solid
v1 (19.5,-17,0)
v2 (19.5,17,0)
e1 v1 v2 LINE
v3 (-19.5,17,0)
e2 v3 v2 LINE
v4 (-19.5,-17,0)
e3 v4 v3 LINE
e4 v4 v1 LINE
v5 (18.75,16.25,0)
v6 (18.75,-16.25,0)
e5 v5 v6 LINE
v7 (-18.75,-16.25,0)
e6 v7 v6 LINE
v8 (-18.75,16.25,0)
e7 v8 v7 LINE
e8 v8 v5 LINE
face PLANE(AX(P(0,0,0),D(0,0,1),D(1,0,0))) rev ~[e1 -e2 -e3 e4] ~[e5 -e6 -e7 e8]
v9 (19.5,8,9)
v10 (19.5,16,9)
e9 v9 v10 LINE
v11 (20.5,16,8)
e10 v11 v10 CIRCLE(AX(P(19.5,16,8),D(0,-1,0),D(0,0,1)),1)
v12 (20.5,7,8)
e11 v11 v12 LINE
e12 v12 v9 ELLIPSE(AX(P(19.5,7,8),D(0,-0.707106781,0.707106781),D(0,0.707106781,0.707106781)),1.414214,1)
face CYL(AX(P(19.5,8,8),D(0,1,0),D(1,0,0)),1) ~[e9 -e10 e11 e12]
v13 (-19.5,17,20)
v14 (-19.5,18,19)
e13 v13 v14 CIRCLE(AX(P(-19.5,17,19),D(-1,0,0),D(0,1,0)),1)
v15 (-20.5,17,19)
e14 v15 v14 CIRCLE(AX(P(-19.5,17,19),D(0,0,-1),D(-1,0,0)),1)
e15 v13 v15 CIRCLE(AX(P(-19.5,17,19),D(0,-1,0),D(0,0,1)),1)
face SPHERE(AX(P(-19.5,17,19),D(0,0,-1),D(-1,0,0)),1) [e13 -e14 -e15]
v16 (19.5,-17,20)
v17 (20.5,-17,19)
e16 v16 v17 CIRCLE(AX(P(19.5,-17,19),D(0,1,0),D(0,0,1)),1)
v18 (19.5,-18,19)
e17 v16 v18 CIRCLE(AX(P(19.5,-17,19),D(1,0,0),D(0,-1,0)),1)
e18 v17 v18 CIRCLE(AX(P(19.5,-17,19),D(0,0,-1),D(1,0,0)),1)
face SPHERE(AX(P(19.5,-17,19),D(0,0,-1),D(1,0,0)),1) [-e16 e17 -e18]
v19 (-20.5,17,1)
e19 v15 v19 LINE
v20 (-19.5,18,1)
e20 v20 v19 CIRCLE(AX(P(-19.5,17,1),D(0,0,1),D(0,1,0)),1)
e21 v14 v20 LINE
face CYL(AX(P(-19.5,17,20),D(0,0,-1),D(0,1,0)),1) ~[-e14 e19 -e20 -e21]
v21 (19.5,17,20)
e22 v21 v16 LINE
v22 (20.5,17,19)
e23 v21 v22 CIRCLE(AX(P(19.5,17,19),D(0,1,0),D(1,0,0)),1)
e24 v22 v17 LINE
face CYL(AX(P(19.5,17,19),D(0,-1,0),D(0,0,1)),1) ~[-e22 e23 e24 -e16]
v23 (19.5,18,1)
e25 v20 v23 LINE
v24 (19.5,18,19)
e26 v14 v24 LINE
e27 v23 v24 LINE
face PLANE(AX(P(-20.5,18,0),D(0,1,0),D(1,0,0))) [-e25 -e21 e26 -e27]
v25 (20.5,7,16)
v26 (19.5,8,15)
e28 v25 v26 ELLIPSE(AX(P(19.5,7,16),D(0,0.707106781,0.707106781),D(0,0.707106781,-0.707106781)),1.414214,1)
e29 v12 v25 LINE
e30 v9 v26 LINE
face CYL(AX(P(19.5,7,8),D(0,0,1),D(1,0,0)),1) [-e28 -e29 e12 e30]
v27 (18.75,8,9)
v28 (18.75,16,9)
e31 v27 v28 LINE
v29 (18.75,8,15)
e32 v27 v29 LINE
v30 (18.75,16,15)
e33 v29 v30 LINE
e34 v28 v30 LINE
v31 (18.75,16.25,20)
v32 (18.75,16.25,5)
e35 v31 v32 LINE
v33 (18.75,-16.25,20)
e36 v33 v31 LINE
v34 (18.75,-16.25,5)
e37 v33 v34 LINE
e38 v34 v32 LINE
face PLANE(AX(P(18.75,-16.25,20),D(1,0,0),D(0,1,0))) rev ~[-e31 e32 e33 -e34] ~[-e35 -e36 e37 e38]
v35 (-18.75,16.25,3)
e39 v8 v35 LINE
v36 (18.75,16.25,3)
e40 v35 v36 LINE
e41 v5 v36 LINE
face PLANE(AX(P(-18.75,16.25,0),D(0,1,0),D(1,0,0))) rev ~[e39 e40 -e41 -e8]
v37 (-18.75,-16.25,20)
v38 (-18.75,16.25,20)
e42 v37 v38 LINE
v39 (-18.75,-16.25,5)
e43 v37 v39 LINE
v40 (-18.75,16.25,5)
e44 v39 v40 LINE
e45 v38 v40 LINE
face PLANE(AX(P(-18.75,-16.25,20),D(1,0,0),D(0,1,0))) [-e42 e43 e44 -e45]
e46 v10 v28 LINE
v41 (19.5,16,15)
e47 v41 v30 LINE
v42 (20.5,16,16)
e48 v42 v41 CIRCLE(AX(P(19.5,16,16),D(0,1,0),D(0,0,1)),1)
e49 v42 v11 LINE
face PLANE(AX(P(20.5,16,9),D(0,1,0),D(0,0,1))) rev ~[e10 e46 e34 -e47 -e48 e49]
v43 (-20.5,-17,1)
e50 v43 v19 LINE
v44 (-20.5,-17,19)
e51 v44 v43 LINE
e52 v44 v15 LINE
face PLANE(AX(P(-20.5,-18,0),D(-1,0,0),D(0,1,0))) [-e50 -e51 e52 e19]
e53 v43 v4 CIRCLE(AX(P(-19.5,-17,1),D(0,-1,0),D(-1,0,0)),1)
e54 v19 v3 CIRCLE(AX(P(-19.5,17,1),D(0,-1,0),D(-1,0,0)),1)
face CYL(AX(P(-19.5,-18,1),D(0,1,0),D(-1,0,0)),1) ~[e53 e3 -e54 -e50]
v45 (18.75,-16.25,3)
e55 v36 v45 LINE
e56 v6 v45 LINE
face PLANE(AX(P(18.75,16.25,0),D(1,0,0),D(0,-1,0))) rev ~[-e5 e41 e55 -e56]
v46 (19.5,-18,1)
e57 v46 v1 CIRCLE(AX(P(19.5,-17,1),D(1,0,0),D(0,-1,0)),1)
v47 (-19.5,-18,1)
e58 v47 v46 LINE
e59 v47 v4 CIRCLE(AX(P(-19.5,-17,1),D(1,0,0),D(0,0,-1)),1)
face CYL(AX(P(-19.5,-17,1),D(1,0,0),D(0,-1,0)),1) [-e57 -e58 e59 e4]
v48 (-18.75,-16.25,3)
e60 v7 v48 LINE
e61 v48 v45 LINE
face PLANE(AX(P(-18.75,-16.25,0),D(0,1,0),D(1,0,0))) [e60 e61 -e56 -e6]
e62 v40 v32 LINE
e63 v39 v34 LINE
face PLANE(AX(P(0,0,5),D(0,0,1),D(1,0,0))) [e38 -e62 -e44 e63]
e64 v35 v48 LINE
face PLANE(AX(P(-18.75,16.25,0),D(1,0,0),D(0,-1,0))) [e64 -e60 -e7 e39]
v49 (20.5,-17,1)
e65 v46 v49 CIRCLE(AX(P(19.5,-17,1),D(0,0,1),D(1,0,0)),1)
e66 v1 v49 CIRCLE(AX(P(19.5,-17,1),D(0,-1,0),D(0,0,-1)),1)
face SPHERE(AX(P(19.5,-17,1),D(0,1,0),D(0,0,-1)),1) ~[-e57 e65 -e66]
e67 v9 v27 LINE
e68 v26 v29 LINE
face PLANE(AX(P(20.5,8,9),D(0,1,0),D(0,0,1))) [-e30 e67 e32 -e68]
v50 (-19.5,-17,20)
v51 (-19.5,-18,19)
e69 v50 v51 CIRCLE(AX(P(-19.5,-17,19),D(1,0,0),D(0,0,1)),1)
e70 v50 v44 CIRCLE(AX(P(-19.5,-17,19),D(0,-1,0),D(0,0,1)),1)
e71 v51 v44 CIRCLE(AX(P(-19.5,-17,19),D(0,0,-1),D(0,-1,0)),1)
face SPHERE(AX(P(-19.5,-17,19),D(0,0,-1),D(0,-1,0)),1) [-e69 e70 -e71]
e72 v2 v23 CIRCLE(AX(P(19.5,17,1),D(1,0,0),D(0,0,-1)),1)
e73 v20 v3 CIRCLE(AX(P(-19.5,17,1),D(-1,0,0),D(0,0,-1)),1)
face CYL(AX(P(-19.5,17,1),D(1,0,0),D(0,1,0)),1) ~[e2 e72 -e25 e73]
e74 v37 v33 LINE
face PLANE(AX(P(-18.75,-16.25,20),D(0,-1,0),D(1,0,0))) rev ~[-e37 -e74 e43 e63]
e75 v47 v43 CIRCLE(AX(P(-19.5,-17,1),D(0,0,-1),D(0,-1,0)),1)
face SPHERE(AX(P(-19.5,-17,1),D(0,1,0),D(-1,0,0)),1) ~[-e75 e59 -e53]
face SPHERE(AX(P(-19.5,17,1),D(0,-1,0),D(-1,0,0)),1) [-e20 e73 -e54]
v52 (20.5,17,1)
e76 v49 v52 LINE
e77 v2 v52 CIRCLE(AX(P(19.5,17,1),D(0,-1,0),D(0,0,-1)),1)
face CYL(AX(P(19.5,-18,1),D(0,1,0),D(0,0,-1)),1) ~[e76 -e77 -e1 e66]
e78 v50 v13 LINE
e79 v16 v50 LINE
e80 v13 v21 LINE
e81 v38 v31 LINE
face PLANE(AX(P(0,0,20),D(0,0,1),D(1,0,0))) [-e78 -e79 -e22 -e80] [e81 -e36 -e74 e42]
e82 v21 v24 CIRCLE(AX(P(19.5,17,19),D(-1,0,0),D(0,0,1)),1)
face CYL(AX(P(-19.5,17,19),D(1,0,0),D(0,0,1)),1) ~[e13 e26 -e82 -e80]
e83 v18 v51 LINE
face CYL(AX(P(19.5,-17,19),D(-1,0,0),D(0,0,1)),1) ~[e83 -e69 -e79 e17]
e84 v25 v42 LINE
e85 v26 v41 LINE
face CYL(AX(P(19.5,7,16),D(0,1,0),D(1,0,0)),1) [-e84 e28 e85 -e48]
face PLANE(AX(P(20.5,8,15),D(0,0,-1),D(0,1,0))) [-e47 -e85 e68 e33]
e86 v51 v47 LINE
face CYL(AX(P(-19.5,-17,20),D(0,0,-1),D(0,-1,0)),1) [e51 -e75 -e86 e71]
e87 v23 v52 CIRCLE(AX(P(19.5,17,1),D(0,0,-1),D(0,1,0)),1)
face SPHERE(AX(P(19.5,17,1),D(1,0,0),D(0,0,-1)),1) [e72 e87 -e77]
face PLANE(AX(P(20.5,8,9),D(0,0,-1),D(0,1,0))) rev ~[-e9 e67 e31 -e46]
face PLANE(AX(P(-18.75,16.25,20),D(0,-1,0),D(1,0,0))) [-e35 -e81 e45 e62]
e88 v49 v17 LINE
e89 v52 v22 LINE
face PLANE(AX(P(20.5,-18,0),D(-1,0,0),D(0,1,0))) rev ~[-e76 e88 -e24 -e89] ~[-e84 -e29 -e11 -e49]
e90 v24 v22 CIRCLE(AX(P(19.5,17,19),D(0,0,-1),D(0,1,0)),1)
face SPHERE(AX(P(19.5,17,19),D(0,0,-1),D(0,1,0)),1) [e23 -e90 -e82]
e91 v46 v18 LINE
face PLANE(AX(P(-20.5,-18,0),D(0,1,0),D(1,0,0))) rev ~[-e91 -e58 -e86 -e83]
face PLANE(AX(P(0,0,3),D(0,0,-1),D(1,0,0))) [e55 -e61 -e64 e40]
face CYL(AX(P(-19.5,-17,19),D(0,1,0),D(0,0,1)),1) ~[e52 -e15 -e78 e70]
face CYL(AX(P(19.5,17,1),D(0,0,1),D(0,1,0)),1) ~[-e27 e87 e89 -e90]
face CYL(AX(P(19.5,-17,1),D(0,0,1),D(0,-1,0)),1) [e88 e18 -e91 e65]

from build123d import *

# Parameters (mm, degrees)
SKETCH_W        = 41
SKETCH_H        = 36
PAD_DEPTH       = 20
SKETCH001_W     = 37.5
SKETCH001_H     = 32.5
POCKET_DEPTH    = 15
SKETCH002_W     = 37.5
SKETCH002_H     = 32.5
POCKET001_DEPTH = 3
SKETCH003_W     = 8
SKETCH003_H     = 6
POCKET002_DEPTH = 5
FILLET_R        = 1
FILLET001_R     = 1
FILLET002_R     = 1
FILLET003_R     = 1
FILLET004_R     = 1
FILLET005_R     = 1
FILLET006_R     = 1
FILLET007_R     = 1


with BuildPart() as part:
    # Sketch → Pad (new body)
    with BuildSketch(Plane.XY):
        Rectangle(SKETCH_W, SKETCH_H)
    extrude(amount=PAD_DEPTH)

    # Sketch001 (on Face6 of Pad) → Pocket (cut)
    with BuildSketch(Plane.XY.offset(20)):
        Rectangle(SKETCH001_W, SKETCH001_H)
    extrude(amount=-POCKET_DEPTH, mode=Mode.SUBTRACT)

    # Sketch002 (on Face4 of Pocket) → Pocket001 (cut)
    with BuildSketch(Plane(origin=(0, 0, 0), x_dir=(1, 0, 0), z_dir=(0, 0, -1))):
        Rectangle(SKETCH002_W, SKETCH002_H)
    extrude(amount=-POCKET001_DEPTH, mode=Mode.SUBTRACT)

    # Sketch003 (on Face3 of Pocket001) → Pocket002 (cut)
    with BuildSketch(Plane.YZ.offset(20.5)):
        with Locations((12, 12)):
            Rectangle(SKETCH003_W, SKETCH003_H)
    extrude(amount=-POCKET002_DEPTH, mode=Mode.SUBTRACT)

    # Fillet
    fillet_edges = [part.edges().sort_by_distance(p)[0] for p in [
        (-20.5, 0, 0),
    ]]
    fillet(fillet_edges, radius=FILLET_R)

    # Fillet001
    fillet001_edges = [part.edges().sort_by_distance(p)[0] for p in [
        (0.5, 18, 0),
    ]]
    fillet(fillet001_edges, radius=FILLET001_R)

    # Fillet002
    fillet002_edges = [part.edges().sort_by_distance(p)[0] for p in [
        (20.5, -0.5, 0),
    ]]
    fillet(fillet002_edges, radius=FILLET002_R)

    # Fillet003
    fillet003_edges = [part.edges().sort_by_distance(p)[0] for p in [
        (0, -18, 0),
    ]]
    fillet(fillet003_edges, radius=FILLET003_R)

    # Fillet004
    fillet004_edges = [part.edges().sort_by_distance(p)[0] for p in [
        (-20.5, 0, 20),
    ]]
    fillet(fillet004_edges, radius=FILLET004_R)

    # Fillet005
    fillet005_edges = [part.edges().sort_by_distance(p)[0] for p in [
        (20.5, 12, 9),
    ]]
    fillet(fillet005_edges, radius=FILLET005_R)

    # Fillet006
    fillet006_edges = [part.edges().sort_by_distance(p)[0] for p in [
        (20.5, 8, 12),
    ]]
    fillet(fillet006_edges, radius=FILLET006_R)

    # Fillet007
    fillet007_edges = [part.edges().sort_by_distance(p)[0] for p in [
        (20.5, 12, 15),
    ]]
    fillet(fillet007_edges, radius=FILLET007_R)


solid = part.part
